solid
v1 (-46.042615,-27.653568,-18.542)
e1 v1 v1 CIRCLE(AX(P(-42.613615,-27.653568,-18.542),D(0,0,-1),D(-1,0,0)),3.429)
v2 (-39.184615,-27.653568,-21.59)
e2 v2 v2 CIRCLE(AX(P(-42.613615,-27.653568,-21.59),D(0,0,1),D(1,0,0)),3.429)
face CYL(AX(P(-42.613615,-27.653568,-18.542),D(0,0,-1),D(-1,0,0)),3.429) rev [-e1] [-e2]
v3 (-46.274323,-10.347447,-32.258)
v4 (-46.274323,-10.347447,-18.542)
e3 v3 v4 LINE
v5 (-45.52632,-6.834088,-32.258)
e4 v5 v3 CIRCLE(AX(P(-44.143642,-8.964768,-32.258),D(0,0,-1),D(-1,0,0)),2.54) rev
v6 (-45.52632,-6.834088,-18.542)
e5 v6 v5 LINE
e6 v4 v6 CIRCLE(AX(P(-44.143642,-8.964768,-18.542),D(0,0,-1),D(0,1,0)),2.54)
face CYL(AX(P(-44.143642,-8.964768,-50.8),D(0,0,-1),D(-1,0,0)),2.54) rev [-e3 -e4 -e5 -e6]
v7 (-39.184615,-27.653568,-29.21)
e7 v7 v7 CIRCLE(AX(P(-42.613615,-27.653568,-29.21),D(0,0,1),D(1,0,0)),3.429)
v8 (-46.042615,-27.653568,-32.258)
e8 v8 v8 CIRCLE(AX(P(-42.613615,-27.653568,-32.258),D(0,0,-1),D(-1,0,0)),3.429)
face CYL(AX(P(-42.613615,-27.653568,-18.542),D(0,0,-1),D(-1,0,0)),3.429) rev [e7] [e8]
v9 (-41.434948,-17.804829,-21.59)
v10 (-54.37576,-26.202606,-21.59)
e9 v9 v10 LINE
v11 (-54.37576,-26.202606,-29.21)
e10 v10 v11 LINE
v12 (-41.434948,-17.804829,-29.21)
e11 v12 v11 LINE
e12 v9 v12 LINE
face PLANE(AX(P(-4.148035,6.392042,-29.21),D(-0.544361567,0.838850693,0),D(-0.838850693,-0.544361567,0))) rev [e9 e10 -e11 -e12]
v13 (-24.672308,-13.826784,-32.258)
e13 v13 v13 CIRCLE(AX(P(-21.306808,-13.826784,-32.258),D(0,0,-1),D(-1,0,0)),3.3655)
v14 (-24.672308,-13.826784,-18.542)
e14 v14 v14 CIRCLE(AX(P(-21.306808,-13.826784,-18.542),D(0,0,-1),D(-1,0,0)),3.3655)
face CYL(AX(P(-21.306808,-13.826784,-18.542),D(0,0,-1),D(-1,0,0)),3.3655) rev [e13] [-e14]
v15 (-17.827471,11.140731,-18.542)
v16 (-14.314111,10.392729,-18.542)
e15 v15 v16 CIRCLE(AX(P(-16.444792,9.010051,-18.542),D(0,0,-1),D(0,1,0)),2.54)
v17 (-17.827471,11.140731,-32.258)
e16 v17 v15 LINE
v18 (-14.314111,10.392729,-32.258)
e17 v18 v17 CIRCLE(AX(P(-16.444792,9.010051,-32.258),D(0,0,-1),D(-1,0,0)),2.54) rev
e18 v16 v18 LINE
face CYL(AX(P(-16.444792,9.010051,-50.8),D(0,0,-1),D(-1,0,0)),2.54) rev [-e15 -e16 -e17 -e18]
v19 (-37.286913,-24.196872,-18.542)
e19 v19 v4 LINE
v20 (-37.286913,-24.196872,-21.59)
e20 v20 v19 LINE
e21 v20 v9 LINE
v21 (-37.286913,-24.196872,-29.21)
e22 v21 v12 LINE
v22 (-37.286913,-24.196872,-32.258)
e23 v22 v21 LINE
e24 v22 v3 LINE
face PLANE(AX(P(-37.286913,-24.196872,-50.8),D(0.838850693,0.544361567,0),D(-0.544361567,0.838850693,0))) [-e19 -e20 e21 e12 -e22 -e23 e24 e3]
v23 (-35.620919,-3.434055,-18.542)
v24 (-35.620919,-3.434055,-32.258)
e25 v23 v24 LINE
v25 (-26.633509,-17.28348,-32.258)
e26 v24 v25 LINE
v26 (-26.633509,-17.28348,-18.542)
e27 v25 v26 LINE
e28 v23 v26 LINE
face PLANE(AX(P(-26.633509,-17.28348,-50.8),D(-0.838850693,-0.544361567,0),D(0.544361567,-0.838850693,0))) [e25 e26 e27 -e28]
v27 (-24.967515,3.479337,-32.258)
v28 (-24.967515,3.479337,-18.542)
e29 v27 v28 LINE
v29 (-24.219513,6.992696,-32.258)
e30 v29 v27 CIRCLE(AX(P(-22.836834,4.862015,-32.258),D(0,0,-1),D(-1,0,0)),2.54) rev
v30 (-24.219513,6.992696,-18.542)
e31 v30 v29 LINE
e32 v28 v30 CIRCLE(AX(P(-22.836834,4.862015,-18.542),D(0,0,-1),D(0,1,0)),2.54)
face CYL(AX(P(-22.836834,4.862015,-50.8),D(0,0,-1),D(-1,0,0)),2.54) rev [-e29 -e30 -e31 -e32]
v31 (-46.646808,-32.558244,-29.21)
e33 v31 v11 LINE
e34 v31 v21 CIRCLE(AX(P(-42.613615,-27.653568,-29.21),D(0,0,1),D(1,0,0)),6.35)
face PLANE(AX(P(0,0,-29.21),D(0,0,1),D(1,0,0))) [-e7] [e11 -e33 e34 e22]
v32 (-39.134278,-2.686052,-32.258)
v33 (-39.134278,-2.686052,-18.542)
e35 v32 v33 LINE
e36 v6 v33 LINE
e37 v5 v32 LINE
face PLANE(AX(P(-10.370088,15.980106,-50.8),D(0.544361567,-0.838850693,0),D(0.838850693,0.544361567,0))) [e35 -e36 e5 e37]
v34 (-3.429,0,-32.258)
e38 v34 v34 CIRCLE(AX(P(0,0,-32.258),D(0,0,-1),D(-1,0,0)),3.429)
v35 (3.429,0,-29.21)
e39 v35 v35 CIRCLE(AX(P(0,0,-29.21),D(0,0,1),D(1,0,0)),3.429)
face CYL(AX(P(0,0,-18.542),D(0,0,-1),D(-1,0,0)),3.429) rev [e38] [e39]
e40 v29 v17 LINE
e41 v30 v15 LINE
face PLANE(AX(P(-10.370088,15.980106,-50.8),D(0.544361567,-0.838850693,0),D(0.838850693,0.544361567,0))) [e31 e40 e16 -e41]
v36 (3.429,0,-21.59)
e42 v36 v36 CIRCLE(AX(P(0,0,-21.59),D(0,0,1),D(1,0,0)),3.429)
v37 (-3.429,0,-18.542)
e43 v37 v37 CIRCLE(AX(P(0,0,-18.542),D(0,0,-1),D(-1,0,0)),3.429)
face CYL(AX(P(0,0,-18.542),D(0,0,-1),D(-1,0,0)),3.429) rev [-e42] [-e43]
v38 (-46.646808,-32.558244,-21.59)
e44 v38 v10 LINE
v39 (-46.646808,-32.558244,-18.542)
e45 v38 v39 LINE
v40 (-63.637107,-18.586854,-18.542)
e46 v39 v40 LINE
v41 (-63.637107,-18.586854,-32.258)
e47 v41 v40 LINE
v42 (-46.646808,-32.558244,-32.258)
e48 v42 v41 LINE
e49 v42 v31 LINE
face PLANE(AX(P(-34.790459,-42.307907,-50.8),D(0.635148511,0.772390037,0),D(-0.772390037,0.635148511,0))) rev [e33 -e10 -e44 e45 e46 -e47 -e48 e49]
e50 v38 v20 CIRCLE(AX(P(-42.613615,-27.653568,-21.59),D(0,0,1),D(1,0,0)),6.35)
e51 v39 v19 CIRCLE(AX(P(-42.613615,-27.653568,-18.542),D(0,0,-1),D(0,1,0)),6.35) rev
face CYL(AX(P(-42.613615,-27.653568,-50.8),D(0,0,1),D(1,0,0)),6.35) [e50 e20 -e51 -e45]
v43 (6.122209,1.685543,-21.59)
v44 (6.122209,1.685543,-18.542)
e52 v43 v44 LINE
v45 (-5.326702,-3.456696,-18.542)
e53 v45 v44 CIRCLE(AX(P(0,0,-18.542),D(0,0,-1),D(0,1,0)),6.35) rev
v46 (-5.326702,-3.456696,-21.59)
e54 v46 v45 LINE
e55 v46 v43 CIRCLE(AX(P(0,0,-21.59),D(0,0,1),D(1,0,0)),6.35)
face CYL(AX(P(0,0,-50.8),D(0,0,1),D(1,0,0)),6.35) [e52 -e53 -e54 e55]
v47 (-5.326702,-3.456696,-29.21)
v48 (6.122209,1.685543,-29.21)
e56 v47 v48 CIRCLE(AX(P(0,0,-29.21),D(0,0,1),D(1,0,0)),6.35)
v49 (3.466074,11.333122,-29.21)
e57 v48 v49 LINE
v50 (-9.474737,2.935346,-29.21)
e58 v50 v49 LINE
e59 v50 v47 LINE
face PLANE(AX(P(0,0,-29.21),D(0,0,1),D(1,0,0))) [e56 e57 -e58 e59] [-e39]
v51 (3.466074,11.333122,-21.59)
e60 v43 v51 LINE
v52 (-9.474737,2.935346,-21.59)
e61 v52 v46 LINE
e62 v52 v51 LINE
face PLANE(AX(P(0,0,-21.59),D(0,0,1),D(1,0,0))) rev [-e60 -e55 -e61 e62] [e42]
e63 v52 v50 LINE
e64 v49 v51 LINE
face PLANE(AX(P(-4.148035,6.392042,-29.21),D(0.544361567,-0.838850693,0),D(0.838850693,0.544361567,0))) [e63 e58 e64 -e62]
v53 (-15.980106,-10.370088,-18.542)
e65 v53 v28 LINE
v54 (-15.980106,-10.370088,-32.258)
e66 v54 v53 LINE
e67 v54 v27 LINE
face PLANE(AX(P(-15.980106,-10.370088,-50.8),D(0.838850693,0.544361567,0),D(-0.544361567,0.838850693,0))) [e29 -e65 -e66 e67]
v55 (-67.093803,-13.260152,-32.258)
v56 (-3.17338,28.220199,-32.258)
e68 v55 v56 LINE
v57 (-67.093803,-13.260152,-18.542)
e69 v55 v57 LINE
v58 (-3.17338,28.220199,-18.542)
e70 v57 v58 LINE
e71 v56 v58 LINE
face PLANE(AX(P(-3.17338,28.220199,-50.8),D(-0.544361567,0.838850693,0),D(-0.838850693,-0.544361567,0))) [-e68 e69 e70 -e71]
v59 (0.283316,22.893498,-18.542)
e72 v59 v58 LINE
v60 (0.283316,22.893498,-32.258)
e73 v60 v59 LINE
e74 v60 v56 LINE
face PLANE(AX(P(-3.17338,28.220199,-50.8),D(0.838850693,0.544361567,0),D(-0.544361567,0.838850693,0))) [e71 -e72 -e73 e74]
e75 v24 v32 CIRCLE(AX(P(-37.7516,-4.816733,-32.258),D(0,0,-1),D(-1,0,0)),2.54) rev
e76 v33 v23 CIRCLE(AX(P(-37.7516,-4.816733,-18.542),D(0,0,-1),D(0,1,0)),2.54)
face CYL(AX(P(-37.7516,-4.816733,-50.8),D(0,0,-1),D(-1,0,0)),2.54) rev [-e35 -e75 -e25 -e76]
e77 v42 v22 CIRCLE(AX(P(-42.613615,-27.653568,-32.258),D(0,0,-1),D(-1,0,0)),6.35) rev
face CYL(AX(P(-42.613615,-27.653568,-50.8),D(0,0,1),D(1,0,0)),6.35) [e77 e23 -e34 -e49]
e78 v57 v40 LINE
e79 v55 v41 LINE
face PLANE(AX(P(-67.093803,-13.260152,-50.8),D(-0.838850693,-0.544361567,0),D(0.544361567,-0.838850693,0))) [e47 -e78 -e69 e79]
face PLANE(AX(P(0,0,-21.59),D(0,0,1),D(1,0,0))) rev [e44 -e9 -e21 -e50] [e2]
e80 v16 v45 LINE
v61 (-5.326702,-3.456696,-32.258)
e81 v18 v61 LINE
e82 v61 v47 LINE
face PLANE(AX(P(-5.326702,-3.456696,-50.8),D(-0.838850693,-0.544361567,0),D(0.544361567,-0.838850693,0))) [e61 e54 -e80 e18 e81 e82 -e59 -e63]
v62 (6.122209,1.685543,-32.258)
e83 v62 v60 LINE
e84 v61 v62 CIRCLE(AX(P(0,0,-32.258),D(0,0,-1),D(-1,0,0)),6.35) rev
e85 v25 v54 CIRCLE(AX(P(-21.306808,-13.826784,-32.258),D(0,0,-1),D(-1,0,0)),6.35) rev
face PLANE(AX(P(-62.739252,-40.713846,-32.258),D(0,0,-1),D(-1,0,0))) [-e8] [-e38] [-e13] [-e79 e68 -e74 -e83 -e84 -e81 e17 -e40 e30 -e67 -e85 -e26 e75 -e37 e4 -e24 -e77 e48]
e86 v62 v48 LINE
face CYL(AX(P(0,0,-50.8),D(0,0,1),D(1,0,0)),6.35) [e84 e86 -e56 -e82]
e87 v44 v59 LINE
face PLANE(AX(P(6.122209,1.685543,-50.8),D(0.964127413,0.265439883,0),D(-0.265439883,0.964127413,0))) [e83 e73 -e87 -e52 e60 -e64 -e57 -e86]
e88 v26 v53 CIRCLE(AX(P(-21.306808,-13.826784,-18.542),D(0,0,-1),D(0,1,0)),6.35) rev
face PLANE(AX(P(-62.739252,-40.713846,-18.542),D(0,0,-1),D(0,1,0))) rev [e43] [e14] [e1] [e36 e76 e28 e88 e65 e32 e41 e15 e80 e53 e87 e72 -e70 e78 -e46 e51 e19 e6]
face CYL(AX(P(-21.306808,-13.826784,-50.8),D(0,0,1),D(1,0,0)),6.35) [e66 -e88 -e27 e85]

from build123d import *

# Parameters (mm, degrees)
SKETCH1_R               = 3.175
SKETCH1_R_2             = 3.1115
BOSS_EXTRUDE1_DEPTH     = 50.8
CUT_EXTRUDE1_DEPTH      = 3.81
CUT_EXTRUDE6_DEPTH      = 94.132822302
CUT_EXTRUDE7_DEPTH      = 81.280992342
CUT_EXTRUDE7_DEPTH_BACK = 81.280992342
SKETCH8_W               = 18.542
SKETCH8_H               = 31.75
SKETCH9_R               = 3.429
SKETCH9_R_2             = 3.3655
CUT_EXTRUDE8_DEPTH      = 77.458810064
FILLET1_R               = 2.54


with BuildPart() as part:
    # Sketch1 → Boss-Extrude1 (new body)
    with BuildSketch(Plane.XY):
        Polygon((-3.17337999, 28.220199493), (-67.093802786, -13.260151874), (-49.810323049, -39.893661373), (14.110099747, 1.586689995), align=None)
        Circle(SKETCH1_R, mode=Mode.SUBTRACT)
        with Locations((-42.613615197, -27.653567579)):
            Circle(SKETCH1_R, mode=Mode.SUBTRACT)
        with Locations((-21.306807599, -13.826783789)):
            Circle(SKETCH1_R_2, mode=Mode.SUBTRACT)
    extrude(amount=-BOSS_EXTRUDE1_DEPTH)

    # Sketch2 → Cut-Extrude1 (cut, symmetric)
    with BuildSketch(Plane.XY.offset(-25.4)):
        Polygon((-36.108246535, -14.348133404), (-57.415054133, -28.174917194), (-49.810323049, -39.893661373), (-39.15691925, -32.980269478), (-28.503515451, -26.066877584), align=None)
        Polygon((-14.801438936, -0.521349615), (6.505368663, 13.305434174), (14.110099747, 1.586689995), (3.456695947, -5.3267019), (-7.196707852, -12.240093794), align=None)
    extrude(amount=CUT_EXTRUDE1_DEPTH, both=True, mode=Mode.SUBTRACT)

    # Sketch7 → Cut-Extrude6 (cut, through all)
    with BuildSketch(Plane.XY):
        with BuildLine():
            Line((-47.65700114, -8.216765932), (-37.286913298, -24.196871631))
            ThreePointArc((-37.286913298, -24.196871631), (-36.524811659, -25.851077227), (-36.263615197, -27.653567579))
            ThreePointArc((-36.263615197, -27.653567579), (-37.033627746, -30.684448646), (-39.156919149, -32.980269413))
            Line((-39.156919149, -32.980269413), (-17.850111759, -19.153485759))
            ThreePointArc((-17.850111759, -19.153485759), (-22.629101551, -20.037583955), (-26.633509498, -17.283479737))
            Line((-26.633509498, -17.283479737), (-37.00359734, -1.303374038))
            Line((-37.00359734, -1.303374038), (-47.65700114, -8.216765932))
        make_face()
        with BuildLine():
            ThreePointArc((-14.956807599, -13.826783789), (-15.726820207, -16.857664966), (-17.850111759, -19.153485759))
            Line((-17.850111759, -19.153485759), (3.456695863, -5.326701954))
            ThreePointArc((3.456695863, -5.326701954), (-1.322293939, -6.210800169), (-5.3267019, -3.456695947))
            Line((-5.3267019, -3.456695947), (-15.696789742, 12.523409752))
            Line((-15.696789742, 12.523409752), (-26.350193541, 5.610017857))
            Line((-26.350193541, 5.610017857), (-15.980105699, -10.370087842))
            ThreePointArc((-15.980105699, -10.370087842), (-15.21800406, -12.024293437), (-14.956807599, -13.826783789))
        make_face()
        with BuildLine():
            ThreePointArc((6.35, 0), (5.579987398, -3.030881165), (3.456695863, -5.326701954))
            Line((3.456695863, -5.326701954), (14.110099747, 1.586689995))
            Line((14.110099747, 1.586689995), (0.283315957, 22.893497594))
            Line((0.283315957, 22.893497594), (6.122209073, 1.685543256))
            ThreePointArc((6.122209073, 1.685543256), (6.292794594, 0.850432945), (6.35, 0))
        make_face()
        with BuildLine():
            ThreePointArc((-39.156919149, -32.980269413), (-42.970845505, -33.993511309), (-46.646808241, -32.558244313))
            Line((-46.646808241, -32.558244313), (-63.637106839, -18.586853774))
            Line((-63.637106839, -18.586853774), (-49.810323049, -39.893661373))
            Line((-49.810323049, -39.893661373), (-39.156919149, -32.980269413))
        make_face()
    extrude(amount=-CUT_EXTRUDE6_DEPTH, mode=Mode.SUBTRACT)

    # Sketch8 → Cut-Extrude7 (cut, two sides: drawn at the far end of the back side and taken through both)
    with BuildSketch(Plane(origin=(-21.306807599, -13.826783789, 0), x_dir=(0, 0, -1), z_dir=(0.838850692859666, 0.5443615665059929, 0)).offset(-CUT_EXTRUDE7_DEPTH_BACK)):
        with Locations((9.271, 9.525)):
            Rectangle(SKETCH8_W, SKETCH8_H)
        with Locations((41.529, 9.525)):
            Rectangle(SKETCH8_W, SKETCH8_H)
    extrude(amount=CUT_EXTRUDE7_DEPTH + CUT_EXTRUDE7_DEPTH_BACK, mode=Mode.SUBTRACT)

    # Sketch9 → Cut-Extrude8 (cut, through all)
    with BuildSketch(Plane(origin=(0, 0, -32.258), x_dir=(-1, 0, 0), z_dir=(0, 0, -1))):
        Circle(SKETCH9_R)
        with Locations((21.306807599, -13.826783789)):
            Circle(SKETCH9_R_2)
        with Locations((42.613615197, -27.653567579)):
            Circle(SKETCH9_R)
    extrude(amount=-CUT_EXTRUDE8_DEPTH, mode=Mode.SUBTRACT)

    # Fillet1
    fillet1_edges = [part.edges().sort_by_distance(p)[0] for p in [
        (-15.696789742, 12.523409752, -25.4),
        (-26.350193541, 5.610017857, -25.4),
        (-37.00359734, -1.303374038, -25.4),
        (-47.65700114, -8.216765932, -25.4),
    ]]
    fillet(fillet1_edges, radius=FILLET1_R)


solid = part.part
